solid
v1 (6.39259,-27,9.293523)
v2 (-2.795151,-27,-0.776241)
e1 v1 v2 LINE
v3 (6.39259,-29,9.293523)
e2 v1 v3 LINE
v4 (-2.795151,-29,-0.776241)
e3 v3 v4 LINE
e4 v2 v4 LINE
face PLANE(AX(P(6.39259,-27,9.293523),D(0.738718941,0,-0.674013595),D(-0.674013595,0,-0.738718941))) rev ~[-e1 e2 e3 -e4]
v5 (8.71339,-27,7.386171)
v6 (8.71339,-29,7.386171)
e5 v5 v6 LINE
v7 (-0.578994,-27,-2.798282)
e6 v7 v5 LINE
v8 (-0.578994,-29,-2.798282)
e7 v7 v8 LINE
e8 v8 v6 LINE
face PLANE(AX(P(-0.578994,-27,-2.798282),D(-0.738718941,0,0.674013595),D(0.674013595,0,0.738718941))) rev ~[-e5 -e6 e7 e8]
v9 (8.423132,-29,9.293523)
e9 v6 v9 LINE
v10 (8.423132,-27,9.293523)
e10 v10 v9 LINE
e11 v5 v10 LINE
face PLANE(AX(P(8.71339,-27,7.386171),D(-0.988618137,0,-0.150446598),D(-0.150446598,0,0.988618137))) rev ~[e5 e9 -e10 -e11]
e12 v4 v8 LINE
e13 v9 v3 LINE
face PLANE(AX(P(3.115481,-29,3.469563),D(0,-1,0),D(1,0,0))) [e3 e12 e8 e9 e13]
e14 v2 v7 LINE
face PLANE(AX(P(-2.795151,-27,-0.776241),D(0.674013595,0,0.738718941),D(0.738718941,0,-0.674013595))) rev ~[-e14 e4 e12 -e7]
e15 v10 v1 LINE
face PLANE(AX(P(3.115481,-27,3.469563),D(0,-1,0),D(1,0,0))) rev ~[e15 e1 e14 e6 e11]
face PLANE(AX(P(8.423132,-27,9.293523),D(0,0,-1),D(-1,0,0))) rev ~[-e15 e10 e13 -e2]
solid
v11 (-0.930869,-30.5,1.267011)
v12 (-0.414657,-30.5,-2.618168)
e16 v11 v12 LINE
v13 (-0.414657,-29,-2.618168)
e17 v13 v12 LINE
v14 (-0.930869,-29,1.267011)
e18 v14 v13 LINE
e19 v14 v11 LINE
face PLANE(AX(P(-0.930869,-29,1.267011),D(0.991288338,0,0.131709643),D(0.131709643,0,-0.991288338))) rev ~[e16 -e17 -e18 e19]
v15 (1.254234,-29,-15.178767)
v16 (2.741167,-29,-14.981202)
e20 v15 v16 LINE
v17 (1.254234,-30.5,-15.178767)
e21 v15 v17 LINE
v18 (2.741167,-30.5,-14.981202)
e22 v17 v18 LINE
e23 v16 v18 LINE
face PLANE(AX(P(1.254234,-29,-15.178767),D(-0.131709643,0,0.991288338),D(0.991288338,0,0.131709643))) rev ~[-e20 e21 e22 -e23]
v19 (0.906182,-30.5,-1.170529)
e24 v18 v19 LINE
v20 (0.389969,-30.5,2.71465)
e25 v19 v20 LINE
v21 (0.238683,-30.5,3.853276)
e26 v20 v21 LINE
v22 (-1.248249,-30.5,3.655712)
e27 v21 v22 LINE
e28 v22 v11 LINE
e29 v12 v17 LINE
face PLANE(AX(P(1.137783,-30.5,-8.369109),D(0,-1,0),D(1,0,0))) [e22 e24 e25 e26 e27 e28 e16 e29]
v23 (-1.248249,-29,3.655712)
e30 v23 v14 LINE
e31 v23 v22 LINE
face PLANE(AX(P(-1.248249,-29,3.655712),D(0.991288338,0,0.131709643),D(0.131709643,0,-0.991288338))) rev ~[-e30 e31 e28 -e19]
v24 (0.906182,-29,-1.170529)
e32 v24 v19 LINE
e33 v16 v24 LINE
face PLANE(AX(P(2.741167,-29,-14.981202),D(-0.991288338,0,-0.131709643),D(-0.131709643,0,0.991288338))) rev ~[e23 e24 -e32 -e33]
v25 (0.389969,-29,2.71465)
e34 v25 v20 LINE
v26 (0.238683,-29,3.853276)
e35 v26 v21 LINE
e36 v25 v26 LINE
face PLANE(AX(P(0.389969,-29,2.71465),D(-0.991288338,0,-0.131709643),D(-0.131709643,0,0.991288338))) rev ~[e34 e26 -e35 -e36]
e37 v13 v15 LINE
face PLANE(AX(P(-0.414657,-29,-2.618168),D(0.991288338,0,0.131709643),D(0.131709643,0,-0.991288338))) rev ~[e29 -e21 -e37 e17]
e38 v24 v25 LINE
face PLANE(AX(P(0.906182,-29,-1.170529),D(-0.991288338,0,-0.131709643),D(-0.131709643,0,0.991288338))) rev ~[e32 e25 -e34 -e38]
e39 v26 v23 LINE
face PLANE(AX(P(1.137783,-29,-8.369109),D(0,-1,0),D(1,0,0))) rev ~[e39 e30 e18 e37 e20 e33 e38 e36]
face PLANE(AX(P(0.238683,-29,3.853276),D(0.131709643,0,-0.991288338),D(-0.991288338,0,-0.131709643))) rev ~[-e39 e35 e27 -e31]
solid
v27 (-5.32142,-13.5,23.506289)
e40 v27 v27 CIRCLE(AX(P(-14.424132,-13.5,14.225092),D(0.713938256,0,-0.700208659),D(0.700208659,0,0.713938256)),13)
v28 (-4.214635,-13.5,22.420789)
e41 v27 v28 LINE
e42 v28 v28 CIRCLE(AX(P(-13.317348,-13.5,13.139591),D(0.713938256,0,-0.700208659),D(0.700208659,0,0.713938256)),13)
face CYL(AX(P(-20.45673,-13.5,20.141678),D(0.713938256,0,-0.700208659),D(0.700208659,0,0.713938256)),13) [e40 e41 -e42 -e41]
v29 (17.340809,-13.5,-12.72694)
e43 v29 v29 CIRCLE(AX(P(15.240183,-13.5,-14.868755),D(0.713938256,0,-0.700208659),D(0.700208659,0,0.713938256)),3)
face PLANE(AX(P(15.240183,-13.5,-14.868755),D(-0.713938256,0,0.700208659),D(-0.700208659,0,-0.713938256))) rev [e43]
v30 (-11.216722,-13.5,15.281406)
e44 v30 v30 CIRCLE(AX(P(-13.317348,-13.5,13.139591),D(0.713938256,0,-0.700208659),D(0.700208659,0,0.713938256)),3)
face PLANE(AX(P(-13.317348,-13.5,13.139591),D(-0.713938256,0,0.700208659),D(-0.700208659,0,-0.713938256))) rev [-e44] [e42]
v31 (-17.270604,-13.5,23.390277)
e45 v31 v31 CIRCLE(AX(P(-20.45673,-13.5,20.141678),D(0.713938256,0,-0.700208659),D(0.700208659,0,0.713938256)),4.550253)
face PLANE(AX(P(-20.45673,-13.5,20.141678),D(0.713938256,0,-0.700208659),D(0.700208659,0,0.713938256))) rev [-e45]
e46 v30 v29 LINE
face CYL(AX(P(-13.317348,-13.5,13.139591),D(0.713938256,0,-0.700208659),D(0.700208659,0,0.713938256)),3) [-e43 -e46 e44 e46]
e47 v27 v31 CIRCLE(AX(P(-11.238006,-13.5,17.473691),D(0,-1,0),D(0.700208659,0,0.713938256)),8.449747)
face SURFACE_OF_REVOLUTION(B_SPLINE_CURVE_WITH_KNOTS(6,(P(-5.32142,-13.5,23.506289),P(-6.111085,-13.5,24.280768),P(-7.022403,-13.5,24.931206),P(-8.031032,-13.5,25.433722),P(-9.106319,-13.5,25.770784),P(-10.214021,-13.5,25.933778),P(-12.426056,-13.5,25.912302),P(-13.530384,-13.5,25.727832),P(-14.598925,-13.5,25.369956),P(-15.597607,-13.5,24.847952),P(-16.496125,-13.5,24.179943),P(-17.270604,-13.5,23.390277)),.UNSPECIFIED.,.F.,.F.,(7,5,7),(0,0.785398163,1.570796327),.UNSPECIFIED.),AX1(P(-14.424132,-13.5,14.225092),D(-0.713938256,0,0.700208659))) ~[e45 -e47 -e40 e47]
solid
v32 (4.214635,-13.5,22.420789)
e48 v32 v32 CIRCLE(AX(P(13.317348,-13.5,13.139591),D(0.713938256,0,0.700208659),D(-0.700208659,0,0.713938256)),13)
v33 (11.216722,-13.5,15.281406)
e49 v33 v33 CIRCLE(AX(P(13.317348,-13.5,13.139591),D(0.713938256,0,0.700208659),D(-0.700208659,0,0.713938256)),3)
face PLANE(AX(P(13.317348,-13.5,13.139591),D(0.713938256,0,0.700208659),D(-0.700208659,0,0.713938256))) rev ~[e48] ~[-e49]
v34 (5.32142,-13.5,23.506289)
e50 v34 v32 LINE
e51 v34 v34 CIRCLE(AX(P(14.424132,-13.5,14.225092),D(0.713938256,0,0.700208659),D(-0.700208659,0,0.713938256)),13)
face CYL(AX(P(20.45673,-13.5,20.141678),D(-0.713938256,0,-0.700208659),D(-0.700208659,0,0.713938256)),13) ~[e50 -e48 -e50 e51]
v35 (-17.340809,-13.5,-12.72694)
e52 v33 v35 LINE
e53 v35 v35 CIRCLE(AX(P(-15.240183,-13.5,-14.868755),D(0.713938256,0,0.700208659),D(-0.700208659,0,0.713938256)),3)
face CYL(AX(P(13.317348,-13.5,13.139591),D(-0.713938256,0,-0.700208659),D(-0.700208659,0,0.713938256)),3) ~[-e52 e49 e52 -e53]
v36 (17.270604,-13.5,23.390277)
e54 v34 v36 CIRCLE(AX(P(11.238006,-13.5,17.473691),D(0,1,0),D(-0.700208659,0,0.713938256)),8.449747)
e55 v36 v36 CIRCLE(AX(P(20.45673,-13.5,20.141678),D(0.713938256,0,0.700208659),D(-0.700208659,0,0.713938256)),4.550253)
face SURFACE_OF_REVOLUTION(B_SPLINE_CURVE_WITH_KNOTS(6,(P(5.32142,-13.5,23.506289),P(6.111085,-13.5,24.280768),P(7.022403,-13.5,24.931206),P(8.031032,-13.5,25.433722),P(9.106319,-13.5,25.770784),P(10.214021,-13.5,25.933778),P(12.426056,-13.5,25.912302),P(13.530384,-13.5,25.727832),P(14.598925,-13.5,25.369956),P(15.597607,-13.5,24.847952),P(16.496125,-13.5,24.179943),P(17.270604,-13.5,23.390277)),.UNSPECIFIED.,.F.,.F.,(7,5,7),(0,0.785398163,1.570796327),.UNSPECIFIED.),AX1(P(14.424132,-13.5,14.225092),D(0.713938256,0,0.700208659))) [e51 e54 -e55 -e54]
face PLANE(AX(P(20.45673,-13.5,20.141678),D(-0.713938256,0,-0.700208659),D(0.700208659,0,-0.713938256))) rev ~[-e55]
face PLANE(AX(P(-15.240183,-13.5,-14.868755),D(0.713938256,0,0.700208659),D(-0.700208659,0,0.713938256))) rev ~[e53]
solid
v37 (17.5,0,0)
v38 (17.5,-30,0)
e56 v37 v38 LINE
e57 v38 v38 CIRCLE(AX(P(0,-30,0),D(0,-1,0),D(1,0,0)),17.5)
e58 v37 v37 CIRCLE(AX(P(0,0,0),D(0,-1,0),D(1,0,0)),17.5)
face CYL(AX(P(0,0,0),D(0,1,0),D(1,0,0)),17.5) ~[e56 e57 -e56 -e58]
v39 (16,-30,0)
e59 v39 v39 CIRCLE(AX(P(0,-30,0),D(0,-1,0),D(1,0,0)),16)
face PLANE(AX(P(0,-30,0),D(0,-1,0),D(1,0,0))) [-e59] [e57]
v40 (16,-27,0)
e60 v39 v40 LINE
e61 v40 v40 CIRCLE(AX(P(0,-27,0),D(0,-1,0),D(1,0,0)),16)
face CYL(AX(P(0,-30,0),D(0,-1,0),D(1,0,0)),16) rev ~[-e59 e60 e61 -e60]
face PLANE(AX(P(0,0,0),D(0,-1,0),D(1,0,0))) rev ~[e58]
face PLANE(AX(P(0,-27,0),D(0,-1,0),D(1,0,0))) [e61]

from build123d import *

# Parameters (mm, degrees)
F0_R      = 17.5
F1_DEPTH  = 30
F2_R      = 16
F3_DEPTH  = 3
F7_R      = 8.4497474683
F10_DEPTH = 2
F12_DEPTH = 1.5


with BuildPart() as f1:
    # F0 (on Front) → F1 (new body)
    with BuildSketch(Plane.XZ):
        Circle(F0_R)
    extrude(amount=F1_DEPTH)

    # F2 (on face) → F3 (cut)
    with BuildSketch(Plane.XZ.offset(30)):
        Circle(F2_R)
    extrude(amount=-F3_DEPTH, mode=Mode.SUBTRACT)


with BuildPart() as f6:
    # F5 (on mid) → F6 (revolve)
    with BuildSketch(Plane(origin=(0, -13.5, 0), x_dir=(-1, 0, 0), z_dir=(0, 1, 0))):
        Polygon((11.2167216087, 15.2814061035), (18.3561041689, 22.2834926967), (11.3540175757, 29.4228752569), (4.2146350155, 22.4207886637), align=None)
        Polygon((-15.2401826543, -14.8687550374), (20.4567301469, 20.1416779286), (18.3561041689, 22.2834926967), (11.2167216087, 15.2814061035), (-17.3408086323, -12.7269402693), align=None)
    revolve(axis=Axis((-2.6082737463, -13.5, 2.6364614456), (0.713938256, 0, -0.7002086593)))

    # F7
    f7_edges = [f6.edges().sort_by_distance(p)[0] for p in [
        (-29.559443, -13.5, 10.860481),
    ]]
    fillet(f7_edges, radius=F7_R)


with BuildPart() as f8_1:
    # F8: instance of F6
    add(f6.part.mirror(Plane.YZ))


with BuildPart() as f10:
    # F9 (on face) → F10 (new body)
    with BuildSketch(Plane.XZ.offset(27)):
        Polygon((6.3925895488, 9.2935226517), (-2.7951505678, -0.7762410672), (-0.5789937455, -2.7982818528), (8.7133899779, 7.3861712654), (8.4231317715, 9.2935226517), align=None)
    extrude(amount=F10_DEPTH)


with BuildPart() as f12:
    # F11 (on face) → F12 (new body)
    with BuildSketch(Plane.XZ.offset(29)):
        Polygon((0.9061819389, -1.1705292136), (-0.4146567124, -2.6181684547), (1.2542340306, -15.1787668308), (2.7411665382, -14.9812023658), align=None)
        Polygon((0.2386833157, 3.8532760639), (-1.2482491919, 3.655711599), (-0.9308694085, 1.2670111952), (0.3899692428, 2.7146504363), align=None)
        Polygon((0.3899692428, 2.7146504363), (-0.9308694085, 1.2670111952), (-0.4146567124, -2.6181684547), (0.9061819389, -1.1705292136), align=None)
    extrude(amount=F12_DEPTH)


solid = Compound([f1.part, f6.part, f8_1.part, f10.part, f12.part])
